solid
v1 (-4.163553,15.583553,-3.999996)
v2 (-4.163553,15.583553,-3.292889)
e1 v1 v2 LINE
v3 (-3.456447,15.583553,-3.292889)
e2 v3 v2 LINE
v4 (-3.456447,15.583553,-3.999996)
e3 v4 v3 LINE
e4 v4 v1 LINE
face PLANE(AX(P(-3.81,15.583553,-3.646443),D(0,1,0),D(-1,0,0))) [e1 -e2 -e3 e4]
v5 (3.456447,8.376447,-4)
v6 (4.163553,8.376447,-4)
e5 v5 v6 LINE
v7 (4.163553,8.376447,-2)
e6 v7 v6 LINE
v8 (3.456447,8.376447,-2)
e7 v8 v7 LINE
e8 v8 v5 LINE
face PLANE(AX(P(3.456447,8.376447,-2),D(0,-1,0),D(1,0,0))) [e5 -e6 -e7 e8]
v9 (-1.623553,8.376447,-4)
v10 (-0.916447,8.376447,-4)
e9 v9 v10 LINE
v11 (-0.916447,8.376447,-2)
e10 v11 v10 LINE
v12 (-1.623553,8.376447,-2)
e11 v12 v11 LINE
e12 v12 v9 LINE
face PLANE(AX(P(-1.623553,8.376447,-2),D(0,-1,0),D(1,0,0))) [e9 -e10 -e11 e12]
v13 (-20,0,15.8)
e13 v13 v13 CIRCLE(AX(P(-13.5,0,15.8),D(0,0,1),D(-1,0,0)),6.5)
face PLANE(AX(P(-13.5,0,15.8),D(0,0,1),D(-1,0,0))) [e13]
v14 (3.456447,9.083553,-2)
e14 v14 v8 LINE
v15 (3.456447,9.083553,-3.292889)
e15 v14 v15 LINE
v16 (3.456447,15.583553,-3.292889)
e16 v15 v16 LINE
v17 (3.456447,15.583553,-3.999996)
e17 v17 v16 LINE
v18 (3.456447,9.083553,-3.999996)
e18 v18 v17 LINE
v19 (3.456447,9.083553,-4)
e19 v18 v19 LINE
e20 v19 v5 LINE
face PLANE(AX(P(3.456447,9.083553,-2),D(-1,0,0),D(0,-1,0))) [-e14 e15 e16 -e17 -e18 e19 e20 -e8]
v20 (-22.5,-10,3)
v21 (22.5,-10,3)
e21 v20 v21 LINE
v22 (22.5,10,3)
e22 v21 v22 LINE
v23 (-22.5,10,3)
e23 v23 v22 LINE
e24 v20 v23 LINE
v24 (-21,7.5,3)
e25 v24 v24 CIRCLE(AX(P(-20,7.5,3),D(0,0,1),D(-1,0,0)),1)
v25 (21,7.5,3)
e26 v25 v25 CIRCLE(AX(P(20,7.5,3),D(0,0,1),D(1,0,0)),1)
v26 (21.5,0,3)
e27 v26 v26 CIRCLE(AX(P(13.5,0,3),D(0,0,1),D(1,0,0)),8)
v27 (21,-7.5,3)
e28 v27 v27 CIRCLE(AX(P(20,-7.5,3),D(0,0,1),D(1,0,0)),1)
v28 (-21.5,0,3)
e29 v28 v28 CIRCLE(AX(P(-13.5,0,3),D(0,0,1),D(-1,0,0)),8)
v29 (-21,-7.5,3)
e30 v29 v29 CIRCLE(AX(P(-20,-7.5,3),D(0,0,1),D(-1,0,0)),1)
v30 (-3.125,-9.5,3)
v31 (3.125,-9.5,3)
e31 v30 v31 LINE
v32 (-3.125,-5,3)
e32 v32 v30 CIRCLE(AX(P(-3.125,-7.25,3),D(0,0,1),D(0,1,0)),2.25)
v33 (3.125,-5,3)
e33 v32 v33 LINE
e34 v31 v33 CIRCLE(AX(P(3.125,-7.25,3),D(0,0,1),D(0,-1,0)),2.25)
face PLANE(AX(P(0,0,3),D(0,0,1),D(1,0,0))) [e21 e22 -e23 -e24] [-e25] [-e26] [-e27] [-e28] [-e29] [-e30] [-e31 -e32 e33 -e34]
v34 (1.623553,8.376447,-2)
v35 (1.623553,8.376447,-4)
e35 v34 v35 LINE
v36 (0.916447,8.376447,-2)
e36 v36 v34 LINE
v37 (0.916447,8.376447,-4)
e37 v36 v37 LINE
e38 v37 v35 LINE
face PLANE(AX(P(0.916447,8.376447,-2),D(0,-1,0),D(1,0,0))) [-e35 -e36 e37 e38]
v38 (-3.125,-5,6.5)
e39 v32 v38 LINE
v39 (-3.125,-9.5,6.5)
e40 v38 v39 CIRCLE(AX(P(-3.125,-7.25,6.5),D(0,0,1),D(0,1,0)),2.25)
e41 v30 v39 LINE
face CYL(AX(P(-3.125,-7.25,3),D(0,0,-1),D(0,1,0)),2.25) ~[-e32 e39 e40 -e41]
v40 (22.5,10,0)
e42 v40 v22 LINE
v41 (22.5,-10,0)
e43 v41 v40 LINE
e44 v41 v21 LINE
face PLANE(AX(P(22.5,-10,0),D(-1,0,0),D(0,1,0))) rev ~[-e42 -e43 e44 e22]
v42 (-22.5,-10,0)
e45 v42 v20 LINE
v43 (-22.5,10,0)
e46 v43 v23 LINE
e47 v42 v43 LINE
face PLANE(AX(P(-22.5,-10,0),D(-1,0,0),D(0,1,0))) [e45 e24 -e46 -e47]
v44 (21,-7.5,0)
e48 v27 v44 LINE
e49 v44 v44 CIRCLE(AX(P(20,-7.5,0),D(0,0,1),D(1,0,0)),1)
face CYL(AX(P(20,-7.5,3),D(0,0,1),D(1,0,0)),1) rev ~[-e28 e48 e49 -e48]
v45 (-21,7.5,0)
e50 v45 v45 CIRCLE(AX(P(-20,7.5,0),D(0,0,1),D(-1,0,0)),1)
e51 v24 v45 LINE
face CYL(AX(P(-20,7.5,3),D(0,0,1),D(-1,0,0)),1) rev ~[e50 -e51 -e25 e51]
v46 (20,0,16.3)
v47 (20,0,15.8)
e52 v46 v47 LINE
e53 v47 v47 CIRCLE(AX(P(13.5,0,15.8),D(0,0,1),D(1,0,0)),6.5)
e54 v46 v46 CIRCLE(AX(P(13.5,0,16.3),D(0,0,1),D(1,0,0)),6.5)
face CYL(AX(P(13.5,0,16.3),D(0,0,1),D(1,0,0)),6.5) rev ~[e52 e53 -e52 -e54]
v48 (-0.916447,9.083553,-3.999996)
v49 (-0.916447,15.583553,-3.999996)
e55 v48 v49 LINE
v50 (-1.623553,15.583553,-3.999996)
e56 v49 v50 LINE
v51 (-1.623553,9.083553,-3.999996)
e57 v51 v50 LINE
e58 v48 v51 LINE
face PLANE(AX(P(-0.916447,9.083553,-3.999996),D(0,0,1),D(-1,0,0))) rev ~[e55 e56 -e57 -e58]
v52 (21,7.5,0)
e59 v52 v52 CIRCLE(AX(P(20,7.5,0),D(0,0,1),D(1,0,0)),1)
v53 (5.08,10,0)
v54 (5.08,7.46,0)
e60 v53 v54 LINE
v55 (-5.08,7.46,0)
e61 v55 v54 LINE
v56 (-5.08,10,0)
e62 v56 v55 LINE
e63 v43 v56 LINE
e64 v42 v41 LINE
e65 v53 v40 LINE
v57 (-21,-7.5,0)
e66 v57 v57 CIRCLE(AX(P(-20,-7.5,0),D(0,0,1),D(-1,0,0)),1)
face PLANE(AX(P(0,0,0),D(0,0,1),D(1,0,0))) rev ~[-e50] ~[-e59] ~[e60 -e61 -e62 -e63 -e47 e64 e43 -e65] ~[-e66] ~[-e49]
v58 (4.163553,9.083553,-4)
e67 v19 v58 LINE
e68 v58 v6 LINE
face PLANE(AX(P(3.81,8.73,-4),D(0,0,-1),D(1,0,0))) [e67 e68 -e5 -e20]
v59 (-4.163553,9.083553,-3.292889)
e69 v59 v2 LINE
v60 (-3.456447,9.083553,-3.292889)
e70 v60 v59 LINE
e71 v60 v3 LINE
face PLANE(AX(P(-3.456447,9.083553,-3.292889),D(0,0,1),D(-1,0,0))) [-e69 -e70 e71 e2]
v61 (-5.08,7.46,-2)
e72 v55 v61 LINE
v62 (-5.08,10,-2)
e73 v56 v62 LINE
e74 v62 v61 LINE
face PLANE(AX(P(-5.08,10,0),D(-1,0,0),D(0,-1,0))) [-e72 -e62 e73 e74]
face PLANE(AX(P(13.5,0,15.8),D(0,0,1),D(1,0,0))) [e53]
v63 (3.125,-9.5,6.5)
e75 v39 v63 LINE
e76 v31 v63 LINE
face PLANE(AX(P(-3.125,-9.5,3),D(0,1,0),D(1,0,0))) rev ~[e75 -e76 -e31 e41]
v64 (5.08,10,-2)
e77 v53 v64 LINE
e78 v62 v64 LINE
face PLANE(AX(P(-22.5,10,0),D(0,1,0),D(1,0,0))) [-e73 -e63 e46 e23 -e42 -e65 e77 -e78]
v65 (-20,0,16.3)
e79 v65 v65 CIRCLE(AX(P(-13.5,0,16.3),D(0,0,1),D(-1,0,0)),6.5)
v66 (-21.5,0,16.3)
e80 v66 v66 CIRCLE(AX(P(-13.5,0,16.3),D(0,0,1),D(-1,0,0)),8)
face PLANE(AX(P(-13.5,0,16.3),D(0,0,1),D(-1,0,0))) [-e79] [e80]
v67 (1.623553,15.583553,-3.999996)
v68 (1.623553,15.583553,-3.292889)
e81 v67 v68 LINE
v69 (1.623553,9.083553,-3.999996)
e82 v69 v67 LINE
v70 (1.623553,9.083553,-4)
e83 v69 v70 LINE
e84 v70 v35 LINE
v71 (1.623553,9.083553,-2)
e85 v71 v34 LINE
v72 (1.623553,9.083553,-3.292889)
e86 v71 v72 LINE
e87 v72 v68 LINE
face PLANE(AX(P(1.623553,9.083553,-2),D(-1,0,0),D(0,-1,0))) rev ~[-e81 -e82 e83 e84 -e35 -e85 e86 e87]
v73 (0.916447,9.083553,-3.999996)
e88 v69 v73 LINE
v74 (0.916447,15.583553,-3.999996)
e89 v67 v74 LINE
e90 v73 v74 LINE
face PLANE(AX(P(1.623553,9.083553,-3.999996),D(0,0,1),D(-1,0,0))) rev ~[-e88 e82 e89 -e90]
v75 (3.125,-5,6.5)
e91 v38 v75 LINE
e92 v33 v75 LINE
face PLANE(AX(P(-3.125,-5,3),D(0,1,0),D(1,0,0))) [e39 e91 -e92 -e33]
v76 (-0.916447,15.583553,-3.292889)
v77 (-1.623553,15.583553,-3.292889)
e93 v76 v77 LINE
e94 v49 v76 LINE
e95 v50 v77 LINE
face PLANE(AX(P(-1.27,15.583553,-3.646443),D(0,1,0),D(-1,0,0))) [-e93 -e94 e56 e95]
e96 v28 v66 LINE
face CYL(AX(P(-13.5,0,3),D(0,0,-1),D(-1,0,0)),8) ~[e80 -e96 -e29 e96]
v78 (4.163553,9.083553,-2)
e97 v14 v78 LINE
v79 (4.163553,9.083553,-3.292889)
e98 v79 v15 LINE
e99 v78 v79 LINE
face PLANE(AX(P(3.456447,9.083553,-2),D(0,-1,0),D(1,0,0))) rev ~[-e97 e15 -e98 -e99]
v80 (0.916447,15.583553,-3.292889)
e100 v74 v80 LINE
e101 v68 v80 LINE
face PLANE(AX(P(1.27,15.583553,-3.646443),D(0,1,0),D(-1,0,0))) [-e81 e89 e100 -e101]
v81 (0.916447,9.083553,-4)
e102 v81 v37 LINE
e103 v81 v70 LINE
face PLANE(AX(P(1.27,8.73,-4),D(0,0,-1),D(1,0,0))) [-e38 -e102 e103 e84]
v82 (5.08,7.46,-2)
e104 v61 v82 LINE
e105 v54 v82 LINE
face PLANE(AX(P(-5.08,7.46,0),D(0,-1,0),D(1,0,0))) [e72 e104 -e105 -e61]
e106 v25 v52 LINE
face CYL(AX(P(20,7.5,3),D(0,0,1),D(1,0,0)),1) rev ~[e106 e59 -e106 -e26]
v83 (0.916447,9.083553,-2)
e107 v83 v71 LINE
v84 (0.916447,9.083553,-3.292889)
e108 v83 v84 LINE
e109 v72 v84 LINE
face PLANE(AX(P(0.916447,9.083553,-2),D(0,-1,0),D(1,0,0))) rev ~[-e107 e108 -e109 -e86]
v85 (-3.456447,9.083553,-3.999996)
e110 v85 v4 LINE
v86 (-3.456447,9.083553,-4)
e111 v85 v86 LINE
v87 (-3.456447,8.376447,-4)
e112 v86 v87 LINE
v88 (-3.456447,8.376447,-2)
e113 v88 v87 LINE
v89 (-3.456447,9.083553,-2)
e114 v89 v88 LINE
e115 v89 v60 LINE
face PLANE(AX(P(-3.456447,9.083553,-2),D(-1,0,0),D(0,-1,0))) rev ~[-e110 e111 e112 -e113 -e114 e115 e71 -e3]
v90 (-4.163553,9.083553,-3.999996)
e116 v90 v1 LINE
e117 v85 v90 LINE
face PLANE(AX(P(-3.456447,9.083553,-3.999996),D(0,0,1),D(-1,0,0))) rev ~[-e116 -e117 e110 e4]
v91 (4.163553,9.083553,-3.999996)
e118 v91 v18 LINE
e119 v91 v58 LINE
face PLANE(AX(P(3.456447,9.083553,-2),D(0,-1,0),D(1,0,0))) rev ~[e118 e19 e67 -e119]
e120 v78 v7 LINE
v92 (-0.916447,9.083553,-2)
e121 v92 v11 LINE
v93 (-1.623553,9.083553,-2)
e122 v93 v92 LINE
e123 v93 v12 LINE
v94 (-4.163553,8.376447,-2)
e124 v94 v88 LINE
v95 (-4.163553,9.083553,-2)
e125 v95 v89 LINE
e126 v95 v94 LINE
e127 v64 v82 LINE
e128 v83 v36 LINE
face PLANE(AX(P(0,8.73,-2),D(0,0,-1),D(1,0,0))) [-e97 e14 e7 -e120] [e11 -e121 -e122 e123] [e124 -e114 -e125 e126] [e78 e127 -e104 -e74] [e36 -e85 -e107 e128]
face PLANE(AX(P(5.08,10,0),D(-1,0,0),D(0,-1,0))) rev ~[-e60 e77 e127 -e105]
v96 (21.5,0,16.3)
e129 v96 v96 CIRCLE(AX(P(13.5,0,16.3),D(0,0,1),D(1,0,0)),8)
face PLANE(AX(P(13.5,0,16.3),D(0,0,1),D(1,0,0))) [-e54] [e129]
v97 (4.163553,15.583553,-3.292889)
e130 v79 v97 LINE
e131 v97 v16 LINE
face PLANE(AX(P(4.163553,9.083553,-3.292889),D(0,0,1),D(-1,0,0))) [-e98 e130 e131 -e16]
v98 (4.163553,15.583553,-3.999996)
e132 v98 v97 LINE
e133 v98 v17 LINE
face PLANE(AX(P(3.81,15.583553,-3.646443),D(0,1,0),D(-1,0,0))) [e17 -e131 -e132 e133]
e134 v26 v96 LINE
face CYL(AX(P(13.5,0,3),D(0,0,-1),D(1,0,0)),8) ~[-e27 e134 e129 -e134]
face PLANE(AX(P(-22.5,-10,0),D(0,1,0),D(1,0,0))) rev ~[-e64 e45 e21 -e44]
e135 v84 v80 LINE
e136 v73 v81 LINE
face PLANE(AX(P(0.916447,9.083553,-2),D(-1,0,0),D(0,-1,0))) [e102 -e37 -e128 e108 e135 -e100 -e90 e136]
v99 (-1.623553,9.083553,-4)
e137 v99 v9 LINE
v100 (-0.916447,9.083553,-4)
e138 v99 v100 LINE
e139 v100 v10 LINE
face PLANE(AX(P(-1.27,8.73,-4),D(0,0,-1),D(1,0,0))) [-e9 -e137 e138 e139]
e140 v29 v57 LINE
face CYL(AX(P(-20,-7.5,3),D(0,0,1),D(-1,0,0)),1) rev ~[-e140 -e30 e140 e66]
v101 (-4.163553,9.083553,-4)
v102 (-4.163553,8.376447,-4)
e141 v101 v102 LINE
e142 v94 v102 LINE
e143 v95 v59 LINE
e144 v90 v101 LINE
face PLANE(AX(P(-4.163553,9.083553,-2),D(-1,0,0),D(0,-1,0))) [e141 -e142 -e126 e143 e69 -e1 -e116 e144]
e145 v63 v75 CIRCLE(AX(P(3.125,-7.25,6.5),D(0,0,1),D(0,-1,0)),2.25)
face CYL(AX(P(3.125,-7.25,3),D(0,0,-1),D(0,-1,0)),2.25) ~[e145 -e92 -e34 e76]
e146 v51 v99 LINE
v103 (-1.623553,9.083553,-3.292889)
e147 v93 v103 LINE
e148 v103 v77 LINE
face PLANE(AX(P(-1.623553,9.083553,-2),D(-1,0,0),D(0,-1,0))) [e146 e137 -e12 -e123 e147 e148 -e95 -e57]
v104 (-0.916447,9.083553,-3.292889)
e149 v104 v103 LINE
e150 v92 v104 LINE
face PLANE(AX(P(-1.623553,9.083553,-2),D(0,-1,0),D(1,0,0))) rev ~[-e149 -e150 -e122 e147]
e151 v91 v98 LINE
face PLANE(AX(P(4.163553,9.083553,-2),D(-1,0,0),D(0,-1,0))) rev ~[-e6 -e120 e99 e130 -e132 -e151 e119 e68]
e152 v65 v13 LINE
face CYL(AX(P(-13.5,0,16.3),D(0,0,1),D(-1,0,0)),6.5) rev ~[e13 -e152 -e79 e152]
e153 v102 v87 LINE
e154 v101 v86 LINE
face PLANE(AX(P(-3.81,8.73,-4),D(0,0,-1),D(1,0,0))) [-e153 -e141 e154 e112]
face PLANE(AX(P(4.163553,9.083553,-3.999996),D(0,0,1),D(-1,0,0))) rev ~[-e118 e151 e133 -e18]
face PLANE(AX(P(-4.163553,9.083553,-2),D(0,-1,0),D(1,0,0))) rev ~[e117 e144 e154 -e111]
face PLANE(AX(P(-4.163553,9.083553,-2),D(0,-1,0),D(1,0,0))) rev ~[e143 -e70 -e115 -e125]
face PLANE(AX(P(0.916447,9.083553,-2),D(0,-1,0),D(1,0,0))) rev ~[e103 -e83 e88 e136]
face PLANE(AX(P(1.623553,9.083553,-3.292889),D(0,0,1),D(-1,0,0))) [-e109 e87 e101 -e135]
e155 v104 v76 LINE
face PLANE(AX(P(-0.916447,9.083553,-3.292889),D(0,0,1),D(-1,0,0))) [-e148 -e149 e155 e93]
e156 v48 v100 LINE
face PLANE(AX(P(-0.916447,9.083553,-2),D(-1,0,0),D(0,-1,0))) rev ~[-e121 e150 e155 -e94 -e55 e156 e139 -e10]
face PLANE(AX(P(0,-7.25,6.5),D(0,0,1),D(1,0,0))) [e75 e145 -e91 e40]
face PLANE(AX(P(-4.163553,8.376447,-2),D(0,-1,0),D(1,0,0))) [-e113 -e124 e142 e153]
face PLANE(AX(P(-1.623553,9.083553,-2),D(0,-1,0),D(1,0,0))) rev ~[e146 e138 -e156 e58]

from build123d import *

# Parameters (mm, degrees)
SKETCH_W               = 45
SKETCH_H               = 20
PAD_DEPTH              = 3
SKETCH001_R            = 1
POCKET_DEPTH           = 5
POLARPATTERN_COUNT     = 2
SKETCH002_R            = 8
PAD001_DEPTH           = 13.3
POLARPATTERN001_COUNT  = 2
PAD002_DEPTH           = 3.5
SKETCH006_W            = 10.16
SKETCH006_H            = 2.54
PAD003_DEPTH           = 2
SKETCH007_W            = 0.707106
SKETCH007_H            = 0.707106
PAD004_DEPTH           = 2
LINEARPATTERN_COUNT    = 4
LINEARPATTERN_PITCH    = 2.54
SKETCH008_W            = 0.707106
SKETCH008_H            = 0.707107
PAD005_DEPTH           = 6.5
LINEARPATTERN001_COUNT = 4
LINEARPATTERN001_PITCH = 2.54
SKETCH009_R            = 1
POCKET001_DEPTH        = 5
POLARPATTERN002_COUNT  = 2
SKETCH010_R            = 6.5
POCKET002_DEPTH        = 0.5
POLARPATTERN003_COUNT  = 2


with BuildPart() as part:
    # Sketch → Pad (new body)
    with BuildSketch(Plane.XY):
        Rectangle(SKETCH_W, SKETCH_H)
    extrude(amount=PAD_DEPTH)

    # Sketch001 (on Face6 of Pad) → Pocket (cut)
    with BuildSketch(Plane.XY.offset(3)):
        with Locations((20, 7.5)):
            Circle(SKETCH001_R)
    pocket = extrude(amount=-POCKET_DEPTH, mode=Mode.SUBTRACT)

    # PolarPattern: Pocket ×2 about axis
    polarpattern_axis = Axis((0, 0, 3), (0, 0, 1))
    for i in range(1, POLARPATTERN_COUNT):
        add(pocket.rotate(polarpattern_axis, i * 360 / POLARPATTERN_COUNT), mode=Mode.SUBTRACT)

    # Sketch002 (on Face5 of PolarPattern) → Pad001 (join)
    with BuildSketch(Plane.XY.offset(3)):
        with Locations((13.5, 0)):
            Circle(SKETCH002_R)
    pad001 = extrude(amount=PAD001_DEPTH)

    # PolarPattern001: Pad001 ×2 about axis
    polarpattern001_axis = Axis((0, 0, 3), (0, 0, 1))
    for i in range(1, POLARPATTERN001_COUNT):
        add(pad001.rotate(polarpattern001_axis, i * 360 / POLARPATTERN001_COUNT))

    # Sketch003 (on Face5 of PolarPattern001) → Pad002 (join)
    with BuildSketch(Plane.XY.offset(3)):
        with BuildLine():
            ThreePointArc((-3.125, -5), (-5.375, -7.25), (-3.125, -9.5))
            Line((-3.125, -9.5), (3.125, -9.5))
            ThreePointArc((3.125, -9.5), (5.375, -7.25), (3.125, -5))
            Line((-3.125, -5), (3.125, -5))
        make_face()
    extrude(amount=PAD002_DEPTH)

    # Sketch006 (on Face4 of Pad002) → Pad003 (join)
    with BuildSketch(Plane(origin=(0, 0, 0), x_dir=(1, 0, 0), z_dir=(0, 0, -1))):
        with Locations((0, -8.73)):
            Rectangle(SKETCH006_W, SKETCH006_H)
    extrude(amount=PAD003_DEPTH)

    # Sketch007 (on Face13 of Pad003) → Pad004 (join)
    with BuildSketch(Plane(origin=(0, 0, -2), x_dir=(1, 0, 0), z_dir=(0, 0, -1))):
        with Locations((-3.81, -8.73)):
            Rectangle(SKETCH007_W, SKETCH007_H)
    pad004 = extrude(amount=PAD004_DEPTH)

    # LinearPattern: Pad004 ×4
    with Locations(*[(i * LINEARPATTERN_PITCH, 0, 0) for i in range(1, LINEARPATTERN_COUNT)]):
        add(pad004)

    # Sketch008 (on Face31 of LinearPattern) → Pad005 (join)
    with BuildSketch(Plane(origin=(0, 9.083553, 0), x_dir=(-1, 0, 0), z_dir=(0, 1, 0))):
        with Locations((-3.81, -3.646443)):
            Rectangle(SKETCH008_W, SKETCH008_H)
    pad005 = extrude(amount=PAD005_DEPTH)

    # LinearPattern001: Pad005 ×4
    with Locations(*[(-i * LINEARPATTERN001_PITCH, 0, 0) for i in range(1, LINEARPATTERN001_COUNT)]):
        add(pad005)

    # Sketch009 → Pocket001 (cut)
    with BuildSketch(Plane.XY.offset(3)):
        with Locations((20, -7.5)):
            Circle(SKETCH009_R)
    pocket001 = extrude(amount=-POCKET001_DEPTH, mode=Mode.SUBTRACT)

    # PolarPattern002: Pocket001 ×2 about axis
    polarpattern002_axis = Axis((0, 0, 3), (0, 0, 1))
    for i in range(1, POLARPATTERN002_COUNT):
        add(pocket001.rotate(polarpattern002_axis, i * 360 / POLARPATTERN002_COUNT), mode=Mode.SUBTRACT)

    # Sketch010 (on Face76 of PolarPattern002) → Pocket002 (cut)
    with BuildSketch(Plane.XY.offset(16.3)):
        with Locations((13.5, 0)):
            Circle(SKETCH010_R)
    pocket002 = extrude(amount=-POCKET002_DEPTH, mode=Mode.SUBTRACT)

    # PolarPattern003: Pocket002 ×2 about axis
    polarpattern003_axis = Axis((0, 0, 16.3), (0, 0, 1))
    for i in range(1, POLARPATTERN003_COUNT):
        add(pocket002.rotate(polarpattern003_axis, i * 360 / POLARPATTERN003_COUNT), mode=Mode.SUBTRACT)


solid = part.part
